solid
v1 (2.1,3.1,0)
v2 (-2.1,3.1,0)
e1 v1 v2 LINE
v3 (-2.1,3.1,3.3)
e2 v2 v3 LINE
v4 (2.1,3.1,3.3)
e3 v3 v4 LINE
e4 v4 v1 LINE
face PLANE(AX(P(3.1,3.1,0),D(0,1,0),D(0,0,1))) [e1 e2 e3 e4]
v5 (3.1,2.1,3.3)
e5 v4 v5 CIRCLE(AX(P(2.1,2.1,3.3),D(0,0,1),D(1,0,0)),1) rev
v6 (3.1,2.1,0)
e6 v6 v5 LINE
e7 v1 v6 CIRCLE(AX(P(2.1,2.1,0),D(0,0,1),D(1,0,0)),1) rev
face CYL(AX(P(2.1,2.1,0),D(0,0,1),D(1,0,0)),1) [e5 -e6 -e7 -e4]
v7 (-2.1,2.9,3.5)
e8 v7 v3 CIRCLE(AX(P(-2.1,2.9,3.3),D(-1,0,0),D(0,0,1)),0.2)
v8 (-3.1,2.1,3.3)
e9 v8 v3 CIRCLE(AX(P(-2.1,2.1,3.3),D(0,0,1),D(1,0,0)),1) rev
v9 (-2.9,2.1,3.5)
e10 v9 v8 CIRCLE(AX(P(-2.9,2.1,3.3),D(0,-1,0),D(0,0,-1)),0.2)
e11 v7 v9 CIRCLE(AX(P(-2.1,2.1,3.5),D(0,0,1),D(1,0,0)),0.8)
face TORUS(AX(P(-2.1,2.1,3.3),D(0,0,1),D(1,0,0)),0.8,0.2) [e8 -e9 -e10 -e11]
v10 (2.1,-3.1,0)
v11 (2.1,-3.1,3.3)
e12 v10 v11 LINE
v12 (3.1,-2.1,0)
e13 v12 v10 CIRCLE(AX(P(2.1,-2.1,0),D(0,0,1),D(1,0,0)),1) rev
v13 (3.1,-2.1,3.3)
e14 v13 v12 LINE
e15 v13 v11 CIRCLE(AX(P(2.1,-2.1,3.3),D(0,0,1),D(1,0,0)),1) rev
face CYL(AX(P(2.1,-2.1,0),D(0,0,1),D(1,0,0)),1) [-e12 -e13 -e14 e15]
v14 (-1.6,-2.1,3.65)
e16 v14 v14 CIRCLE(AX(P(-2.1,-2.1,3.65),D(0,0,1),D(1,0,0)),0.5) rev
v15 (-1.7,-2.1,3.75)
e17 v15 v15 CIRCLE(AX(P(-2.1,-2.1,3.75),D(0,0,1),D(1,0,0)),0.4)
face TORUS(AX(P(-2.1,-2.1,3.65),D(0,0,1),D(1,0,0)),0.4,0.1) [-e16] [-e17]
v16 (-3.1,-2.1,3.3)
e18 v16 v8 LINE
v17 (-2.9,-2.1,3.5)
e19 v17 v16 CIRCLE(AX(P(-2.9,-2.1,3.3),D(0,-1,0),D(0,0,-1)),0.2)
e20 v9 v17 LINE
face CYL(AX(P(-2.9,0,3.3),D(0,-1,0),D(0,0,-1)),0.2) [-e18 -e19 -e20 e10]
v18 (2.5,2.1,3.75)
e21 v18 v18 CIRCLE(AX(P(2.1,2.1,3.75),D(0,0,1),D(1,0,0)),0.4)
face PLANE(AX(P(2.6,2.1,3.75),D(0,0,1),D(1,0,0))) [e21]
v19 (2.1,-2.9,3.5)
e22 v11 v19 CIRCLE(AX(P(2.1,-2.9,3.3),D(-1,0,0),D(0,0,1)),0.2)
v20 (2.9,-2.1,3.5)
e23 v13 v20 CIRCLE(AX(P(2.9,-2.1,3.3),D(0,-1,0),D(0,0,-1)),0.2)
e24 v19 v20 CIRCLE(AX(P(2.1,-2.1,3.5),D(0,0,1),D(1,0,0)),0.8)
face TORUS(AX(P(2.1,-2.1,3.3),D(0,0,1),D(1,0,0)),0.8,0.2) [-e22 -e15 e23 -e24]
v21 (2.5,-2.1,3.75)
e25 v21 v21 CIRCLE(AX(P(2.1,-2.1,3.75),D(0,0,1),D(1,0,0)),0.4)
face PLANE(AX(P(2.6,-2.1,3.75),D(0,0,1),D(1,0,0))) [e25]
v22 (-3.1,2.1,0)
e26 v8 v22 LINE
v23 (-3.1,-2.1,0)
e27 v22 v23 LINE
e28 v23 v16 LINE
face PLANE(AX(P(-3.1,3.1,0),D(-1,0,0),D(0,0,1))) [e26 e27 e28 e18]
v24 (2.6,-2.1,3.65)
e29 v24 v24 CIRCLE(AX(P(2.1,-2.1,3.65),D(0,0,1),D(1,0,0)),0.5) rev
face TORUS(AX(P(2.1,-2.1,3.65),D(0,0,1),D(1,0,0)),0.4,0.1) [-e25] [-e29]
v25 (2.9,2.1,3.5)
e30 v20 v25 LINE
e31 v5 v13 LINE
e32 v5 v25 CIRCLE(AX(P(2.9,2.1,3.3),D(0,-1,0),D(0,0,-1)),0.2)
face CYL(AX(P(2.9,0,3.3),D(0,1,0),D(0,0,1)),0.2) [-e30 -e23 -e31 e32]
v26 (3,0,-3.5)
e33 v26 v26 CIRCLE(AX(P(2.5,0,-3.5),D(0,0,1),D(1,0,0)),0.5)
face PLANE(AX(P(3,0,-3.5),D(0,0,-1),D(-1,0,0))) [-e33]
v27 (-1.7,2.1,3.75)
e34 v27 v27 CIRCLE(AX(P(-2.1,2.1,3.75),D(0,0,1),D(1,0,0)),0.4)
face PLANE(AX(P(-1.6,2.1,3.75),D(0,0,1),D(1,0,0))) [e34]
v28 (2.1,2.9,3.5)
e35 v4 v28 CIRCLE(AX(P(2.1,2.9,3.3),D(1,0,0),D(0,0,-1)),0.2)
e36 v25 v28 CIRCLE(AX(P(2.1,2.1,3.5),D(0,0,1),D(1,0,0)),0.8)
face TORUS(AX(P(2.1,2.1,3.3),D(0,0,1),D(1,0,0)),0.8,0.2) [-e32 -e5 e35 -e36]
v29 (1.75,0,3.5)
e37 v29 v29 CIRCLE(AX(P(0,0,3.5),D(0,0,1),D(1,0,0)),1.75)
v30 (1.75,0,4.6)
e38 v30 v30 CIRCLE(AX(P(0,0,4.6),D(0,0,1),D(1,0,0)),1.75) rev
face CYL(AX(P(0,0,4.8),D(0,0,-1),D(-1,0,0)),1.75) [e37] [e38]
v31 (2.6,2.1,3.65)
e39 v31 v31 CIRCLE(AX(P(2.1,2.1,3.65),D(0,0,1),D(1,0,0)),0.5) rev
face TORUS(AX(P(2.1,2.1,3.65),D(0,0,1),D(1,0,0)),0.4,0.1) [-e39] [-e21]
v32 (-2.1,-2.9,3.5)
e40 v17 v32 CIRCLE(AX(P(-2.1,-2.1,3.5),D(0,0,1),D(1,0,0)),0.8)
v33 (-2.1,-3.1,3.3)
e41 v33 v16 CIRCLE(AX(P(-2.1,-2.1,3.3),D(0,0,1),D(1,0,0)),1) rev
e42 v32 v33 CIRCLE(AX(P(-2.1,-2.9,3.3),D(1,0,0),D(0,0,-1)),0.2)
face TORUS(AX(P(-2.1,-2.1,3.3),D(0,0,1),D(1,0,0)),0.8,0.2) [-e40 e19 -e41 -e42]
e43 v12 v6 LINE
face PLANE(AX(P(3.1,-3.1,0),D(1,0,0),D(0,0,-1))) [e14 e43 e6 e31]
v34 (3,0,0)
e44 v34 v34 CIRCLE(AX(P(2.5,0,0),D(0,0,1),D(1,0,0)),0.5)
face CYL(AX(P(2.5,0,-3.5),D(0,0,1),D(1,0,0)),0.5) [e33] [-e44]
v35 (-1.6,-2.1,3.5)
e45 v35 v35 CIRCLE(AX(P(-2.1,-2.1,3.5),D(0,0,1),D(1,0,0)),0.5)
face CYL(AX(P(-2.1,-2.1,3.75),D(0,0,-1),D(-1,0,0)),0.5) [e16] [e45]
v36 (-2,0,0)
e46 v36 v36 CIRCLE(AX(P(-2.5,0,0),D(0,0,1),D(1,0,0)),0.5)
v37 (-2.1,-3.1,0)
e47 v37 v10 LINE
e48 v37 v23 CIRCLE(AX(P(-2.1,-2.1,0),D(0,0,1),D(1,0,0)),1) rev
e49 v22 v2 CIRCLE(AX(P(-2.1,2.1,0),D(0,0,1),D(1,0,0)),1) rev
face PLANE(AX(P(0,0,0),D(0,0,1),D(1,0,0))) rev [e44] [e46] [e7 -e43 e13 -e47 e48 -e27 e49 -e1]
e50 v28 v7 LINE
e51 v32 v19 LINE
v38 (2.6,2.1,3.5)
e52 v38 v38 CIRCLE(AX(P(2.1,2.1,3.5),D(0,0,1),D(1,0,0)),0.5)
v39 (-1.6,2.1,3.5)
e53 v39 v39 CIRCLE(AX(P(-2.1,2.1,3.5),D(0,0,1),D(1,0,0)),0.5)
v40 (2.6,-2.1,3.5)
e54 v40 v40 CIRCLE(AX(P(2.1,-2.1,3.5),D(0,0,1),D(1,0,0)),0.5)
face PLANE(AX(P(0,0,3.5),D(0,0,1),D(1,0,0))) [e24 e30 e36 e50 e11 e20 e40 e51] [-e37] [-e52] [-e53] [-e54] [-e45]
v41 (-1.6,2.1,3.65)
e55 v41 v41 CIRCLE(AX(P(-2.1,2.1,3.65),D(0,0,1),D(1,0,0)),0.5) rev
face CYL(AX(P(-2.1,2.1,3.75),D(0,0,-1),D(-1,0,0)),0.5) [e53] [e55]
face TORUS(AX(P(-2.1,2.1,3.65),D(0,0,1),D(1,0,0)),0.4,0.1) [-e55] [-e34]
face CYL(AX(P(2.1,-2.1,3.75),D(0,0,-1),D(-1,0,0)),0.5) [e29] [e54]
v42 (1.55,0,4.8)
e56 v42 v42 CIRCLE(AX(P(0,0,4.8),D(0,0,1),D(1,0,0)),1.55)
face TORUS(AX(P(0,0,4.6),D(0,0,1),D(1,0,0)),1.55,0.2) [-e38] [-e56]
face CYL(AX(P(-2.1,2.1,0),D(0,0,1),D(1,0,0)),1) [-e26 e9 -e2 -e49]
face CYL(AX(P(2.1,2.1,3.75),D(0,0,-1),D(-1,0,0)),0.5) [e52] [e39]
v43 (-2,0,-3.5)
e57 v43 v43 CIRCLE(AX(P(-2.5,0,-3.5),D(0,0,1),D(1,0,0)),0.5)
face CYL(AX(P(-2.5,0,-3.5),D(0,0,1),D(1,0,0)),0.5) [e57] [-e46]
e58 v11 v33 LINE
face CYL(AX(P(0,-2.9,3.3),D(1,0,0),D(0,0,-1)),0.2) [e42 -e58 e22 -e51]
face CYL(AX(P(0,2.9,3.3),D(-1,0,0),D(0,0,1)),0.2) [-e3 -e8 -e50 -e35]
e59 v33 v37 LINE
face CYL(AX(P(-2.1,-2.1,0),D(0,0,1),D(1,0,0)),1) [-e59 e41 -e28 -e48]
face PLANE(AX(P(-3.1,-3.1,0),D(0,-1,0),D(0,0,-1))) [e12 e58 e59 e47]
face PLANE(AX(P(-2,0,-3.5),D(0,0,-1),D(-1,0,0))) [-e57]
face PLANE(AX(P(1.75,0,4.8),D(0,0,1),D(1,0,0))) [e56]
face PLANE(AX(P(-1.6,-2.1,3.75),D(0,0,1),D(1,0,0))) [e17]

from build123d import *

# Parameters (mm, degrees)
SKETCH1_W           = 6.2
SKETCH1_H           = 6.2
BOSS_EXTRUDE1_DEPTH = 3.5
SKETCH2_W           = 0.5
SKETCH2_H           = 3.5
SKETCH3_W           = 0.5
SKETCH3_H           = 3.5
SKETCH4_W           = 0.5
SKETCH4_H           = 0.25
SKETCH5_W           = 0.5
SKETCH5_H           = 0.25
SKETCH6_W           = 0.5
SKETCH6_H           = 0.25
SKETCH7_W           = 1.75
SKETCH7_H           = 1.3
SKETCH8_W           = 0.5
SKETCH8_H           = 0.25
FILLET1_R           = 1
FILLET2_R           = 0.1
FILLET3_R           = 0.2


with BuildPart() as part:
    # Sketch1 → Boss-Extrude1 (new body)
    with BuildSketch(Plane.XY.offset(3.5)):
        Rectangle(SKETCH1_W, SKETCH1_H)
    extrude(amount=-BOSS_EXTRUDE1_DEPTH)

    # Sketch2 → Revolve1 (revolve)
    with BuildSketch(Plane(origin=(0, 0, 0), x_dir=(1, 0, 0), z_dir=(0, 1, 0))):
        with Locations((2.75, 1.75)):
            Rectangle(SKETCH2_W, SKETCH2_H)
    revolve(axis=Axis((2.5, 0, -3.5), (0, 0, 1)))

    # Sketch3 → Revolve2 (revolve)
    with BuildSketch(Plane(origin=(0, 0, 0), x_dir=(1, 0, 0), z_dir=(0, 1, 0))):
        with Locations((-2.25, 1.75)):
            Rectangle(SKETCH3_W, SKETCH3_H)
    revolve(axis=Axis((-2.5, 0, -3.5), (0, 0, 1)))

    # Sketch4 → Revolve3 (revolve)
    with BuildSketch(Plane.XZ.offset(2.1)):
        with Locations((2.35, 3.625)):
            Rectangle(SKETCH4_W, SKETCH4_H)
    revolve(axis=Axis((2.1, -2.1, 3.75), (0, 0, -1)))

    # Sketch5 → Revolve4 (revolve)
    with BuildSketch(Plane.XZ.offset(-2.1)):
        with Locations((2.35, 3.625)):
            Rectangle(SKETCH5_W, SKETCH5_H)
    revolve(axis=Axis((2.1, 2.1, 3.75), (0, 0, -1)))

    # Sketch6 → Revolve5 (revolve)
    with BuildSketch(Plane.XZ.offset(-2.1)):
        with Locations((-1.85, 3.625)):
            Rectangle(SKETCH6_W, SKETCH6_H)
    revolve(axis=Axis((-2.1, 2.1, 3.75), (0, 0, -1)))

    # Sketch7 → Revolve6 (revolve)
    with BuildSketch(Plane.XZ):
        with Locations((0.875, 4.15)):
            Rectangle(SKETCH7_W, SKETCH7_H)
    revolve(axis=Axis((0, 0, 4.8), (0, 0, -1)))

    # Sketch8 → Revolve7 (revolve)
    with BuildSketch(Plane.XZ.offset(2.1)):
        with Locations((-1.85, 3.625)):
            Rectangle(SKETCH8_W, SKETCH8_H)
    revolve(axis=Axis((-2.1, -2.1, 3.75), (0, 0, -1)))

    # Fillet1
    fillet1_edges = [part.edges().sort_by_distance(p)[0] for p in [
        (3.1, -3.1, 1.75),
        (-3.1, -3.1, 1.75),
        (-3.1, 3.1, 1.75),
        (3.1, 3.1, 1.75),
    ]]
    fillet(fillet1_edges, radius=FILLET1_R)

    # Fillet2
    fillet2_edges = [part.edges().sort_by_distance(p)[0] for p in [
        (1.6, -2.1, 3.75),
        (1.6, 2.1, 3.75),
        (-2.6, 2.1, 3.75),
        (-2.6, -2.1, 3.75),
    ]]
    fillet(fillet2_edges, radius=FILLET2_R)

    # Fillet3
    fillet3_edges = [part.edges().sort_by_distance(p)[0] for p in [
        (-1.75, 0, 4.8),
        (0, -3.1, 3.5),
        (3.1, 0, 3.5),
        (0, 3.1, 3.5),
        (-3.1, 0, 3.5),
        (-2.807106781, -2.807106781, 3.5),
        (-2.807106781, 2.807106781, 3.5),
        (2.807106781, 2.807106781, 3.5),
        (2.807106781, -2.807106781, 3.5),
    ]]
    fillet(fillet3_edges, radius=FILLET3_R)


solid = part.part
